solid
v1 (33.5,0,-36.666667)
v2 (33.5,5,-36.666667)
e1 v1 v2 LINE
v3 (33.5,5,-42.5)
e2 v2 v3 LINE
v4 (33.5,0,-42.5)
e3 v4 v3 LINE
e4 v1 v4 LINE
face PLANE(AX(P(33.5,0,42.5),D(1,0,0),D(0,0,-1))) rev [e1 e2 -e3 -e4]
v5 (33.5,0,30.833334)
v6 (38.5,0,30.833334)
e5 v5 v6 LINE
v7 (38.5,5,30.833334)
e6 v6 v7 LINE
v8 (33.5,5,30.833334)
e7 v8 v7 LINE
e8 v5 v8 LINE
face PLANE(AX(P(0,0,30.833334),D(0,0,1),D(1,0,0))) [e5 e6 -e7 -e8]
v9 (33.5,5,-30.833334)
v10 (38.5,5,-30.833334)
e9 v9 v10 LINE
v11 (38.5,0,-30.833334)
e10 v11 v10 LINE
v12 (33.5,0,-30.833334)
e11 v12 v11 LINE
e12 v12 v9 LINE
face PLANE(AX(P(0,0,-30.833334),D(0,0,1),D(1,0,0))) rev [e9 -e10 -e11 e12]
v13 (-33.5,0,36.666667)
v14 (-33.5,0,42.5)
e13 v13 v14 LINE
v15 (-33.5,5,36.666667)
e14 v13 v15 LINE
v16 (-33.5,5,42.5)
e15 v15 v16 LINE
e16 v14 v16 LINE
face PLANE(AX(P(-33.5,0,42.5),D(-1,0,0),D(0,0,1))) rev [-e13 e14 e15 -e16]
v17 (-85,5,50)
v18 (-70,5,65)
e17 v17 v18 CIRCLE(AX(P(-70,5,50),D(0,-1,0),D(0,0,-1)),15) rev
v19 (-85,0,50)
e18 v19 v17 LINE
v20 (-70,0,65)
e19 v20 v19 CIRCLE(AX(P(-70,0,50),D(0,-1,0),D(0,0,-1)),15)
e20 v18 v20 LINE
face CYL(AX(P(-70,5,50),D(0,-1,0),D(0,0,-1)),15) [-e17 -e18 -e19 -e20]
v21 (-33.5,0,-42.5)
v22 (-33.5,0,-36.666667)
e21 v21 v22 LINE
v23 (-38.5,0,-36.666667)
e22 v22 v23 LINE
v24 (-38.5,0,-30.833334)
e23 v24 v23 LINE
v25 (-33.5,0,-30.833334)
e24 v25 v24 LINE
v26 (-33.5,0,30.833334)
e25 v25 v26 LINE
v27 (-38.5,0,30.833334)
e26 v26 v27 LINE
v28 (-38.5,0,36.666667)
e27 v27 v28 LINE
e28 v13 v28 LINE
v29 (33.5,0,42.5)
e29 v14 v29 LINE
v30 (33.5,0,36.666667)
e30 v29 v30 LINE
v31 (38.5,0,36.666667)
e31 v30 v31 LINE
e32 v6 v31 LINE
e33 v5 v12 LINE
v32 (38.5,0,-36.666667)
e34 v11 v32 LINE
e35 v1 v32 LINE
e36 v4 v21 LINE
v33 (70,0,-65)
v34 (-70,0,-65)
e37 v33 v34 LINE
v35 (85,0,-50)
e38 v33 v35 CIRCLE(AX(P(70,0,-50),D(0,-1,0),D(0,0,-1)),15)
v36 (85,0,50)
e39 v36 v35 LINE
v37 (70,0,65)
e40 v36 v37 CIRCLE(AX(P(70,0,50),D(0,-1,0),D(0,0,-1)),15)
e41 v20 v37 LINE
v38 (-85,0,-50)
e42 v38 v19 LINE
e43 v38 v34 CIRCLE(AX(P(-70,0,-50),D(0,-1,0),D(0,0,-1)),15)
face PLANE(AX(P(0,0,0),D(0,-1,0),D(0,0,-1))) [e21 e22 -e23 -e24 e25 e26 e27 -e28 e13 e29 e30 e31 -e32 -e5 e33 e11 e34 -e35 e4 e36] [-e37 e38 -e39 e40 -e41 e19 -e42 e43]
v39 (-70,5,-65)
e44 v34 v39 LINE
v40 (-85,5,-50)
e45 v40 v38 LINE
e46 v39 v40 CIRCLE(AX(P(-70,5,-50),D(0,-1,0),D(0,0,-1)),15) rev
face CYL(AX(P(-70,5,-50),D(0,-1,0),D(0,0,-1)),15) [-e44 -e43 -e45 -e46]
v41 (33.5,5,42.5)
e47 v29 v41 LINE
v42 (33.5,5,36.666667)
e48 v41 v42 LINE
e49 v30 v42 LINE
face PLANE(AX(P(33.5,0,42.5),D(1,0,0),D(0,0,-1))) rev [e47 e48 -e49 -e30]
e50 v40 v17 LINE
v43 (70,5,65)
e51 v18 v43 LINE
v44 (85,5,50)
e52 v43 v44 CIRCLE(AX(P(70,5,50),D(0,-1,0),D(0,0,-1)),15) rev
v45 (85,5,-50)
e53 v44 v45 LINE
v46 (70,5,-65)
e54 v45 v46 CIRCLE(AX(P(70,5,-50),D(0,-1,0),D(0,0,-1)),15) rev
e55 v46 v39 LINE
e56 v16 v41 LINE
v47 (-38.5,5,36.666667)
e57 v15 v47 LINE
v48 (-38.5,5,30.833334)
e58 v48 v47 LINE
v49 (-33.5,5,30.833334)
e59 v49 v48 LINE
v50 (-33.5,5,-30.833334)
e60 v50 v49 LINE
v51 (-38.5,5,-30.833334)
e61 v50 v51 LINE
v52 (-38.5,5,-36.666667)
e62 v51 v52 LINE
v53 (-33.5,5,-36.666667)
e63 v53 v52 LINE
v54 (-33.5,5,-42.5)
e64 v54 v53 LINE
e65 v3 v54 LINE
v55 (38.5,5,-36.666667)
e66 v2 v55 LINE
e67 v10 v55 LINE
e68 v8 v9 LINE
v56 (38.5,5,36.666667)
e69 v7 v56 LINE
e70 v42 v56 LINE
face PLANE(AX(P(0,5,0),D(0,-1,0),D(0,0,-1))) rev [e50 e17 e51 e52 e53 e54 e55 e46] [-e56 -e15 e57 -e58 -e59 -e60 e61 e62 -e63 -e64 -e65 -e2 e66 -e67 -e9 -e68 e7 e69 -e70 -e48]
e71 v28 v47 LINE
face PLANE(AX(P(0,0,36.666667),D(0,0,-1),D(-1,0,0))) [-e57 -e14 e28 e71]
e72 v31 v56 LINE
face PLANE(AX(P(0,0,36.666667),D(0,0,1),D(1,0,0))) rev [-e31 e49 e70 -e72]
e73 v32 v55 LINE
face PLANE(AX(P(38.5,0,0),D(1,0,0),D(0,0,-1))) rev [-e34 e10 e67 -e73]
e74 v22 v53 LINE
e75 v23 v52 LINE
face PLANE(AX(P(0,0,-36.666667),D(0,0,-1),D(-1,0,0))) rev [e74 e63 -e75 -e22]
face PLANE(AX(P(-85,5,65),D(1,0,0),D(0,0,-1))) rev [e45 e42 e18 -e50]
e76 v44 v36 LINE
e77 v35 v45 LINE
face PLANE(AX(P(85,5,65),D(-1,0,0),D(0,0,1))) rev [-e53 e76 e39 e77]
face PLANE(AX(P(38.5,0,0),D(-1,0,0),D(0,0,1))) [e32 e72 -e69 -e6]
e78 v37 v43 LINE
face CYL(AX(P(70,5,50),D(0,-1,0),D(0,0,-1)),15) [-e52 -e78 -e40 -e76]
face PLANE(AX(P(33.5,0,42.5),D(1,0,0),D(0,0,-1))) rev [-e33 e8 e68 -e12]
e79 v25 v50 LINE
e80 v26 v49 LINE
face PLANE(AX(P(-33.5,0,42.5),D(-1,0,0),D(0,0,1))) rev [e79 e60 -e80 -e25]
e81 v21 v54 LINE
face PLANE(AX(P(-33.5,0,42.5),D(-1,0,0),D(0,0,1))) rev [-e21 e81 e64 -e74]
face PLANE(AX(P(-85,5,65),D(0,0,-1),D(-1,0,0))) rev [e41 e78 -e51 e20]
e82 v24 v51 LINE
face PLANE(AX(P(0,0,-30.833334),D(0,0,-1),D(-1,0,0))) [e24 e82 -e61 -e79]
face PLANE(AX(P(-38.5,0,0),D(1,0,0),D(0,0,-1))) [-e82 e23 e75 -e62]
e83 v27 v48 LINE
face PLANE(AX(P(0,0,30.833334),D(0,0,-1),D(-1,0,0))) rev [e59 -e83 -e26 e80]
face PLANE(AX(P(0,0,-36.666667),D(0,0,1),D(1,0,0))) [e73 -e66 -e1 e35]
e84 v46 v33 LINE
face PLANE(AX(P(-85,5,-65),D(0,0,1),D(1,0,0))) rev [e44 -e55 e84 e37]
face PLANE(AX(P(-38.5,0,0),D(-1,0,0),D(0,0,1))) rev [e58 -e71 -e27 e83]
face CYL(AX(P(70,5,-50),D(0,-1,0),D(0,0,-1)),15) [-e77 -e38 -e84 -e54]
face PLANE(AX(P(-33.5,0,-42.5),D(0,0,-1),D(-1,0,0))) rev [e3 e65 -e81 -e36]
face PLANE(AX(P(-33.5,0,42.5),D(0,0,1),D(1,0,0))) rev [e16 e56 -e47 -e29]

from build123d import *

# Parameters (mm, degrees)
SKETCH1_W           = 170
SKETCH1_H           = 130
BOSS_EXTRUDE1_DEPTH = 5
SKETCH2_W           = 67
SKETCH2_H           = 85
CUT_EXTRUDE1_DEPTH  = 108.121426428
SKETCH3_W           = 5
SKETCH3_H           = 5.833333
CUT_EXTRUDE2_DEPTH  = 108.121426428
FILLET1_R           = 15


with BuildPart() as part:
    # Sketch1 → Boss-Extrude1 (new body)
    with BuildSketch(Plane(origin=(0, 0, 0), x_dir=(1, 0, 0), z_dir=(0, 1, 0))):
        Rectangle(SKETCH1_W, SKETCH1_H)
    extrude(amount=BOSS_EXTRUDE1_DEPTH)

    # Sketch2 → Cut-Extrude1 (cut, through all)
    with BuildSketch(Plane(origin=(0, 5, 0), x_dir=(1, 0, 0), z_dir=(0, 1, 0))):
        Rectangle(SKETCH2_W, SKETCH2_H)
    extrude(amount=-CUT_EXTRUDE1_DEPTH, mode=Mode.SUBTRACT)

    # Sketch3 → Cut-Extrude2 (cut, through all)
    with BuildSketch(Plane(origin=(0, 5, 0), x_dir=(1, 0, 0), z_dir=(0, 1, 0))):
        with Locations((-36, -33.7500005)):
            Rectangle(SKETCH3_W, SKETCH3_H)
        with Locations((36, 33.7500005)):
            Rectangle(SKETCH3_W, SKETCH3_H)
        with Locations((-36, 33.7500005)):
            Rectangle(SKETCH3_W, SKETCH3_H)
        with Locations((36, -33.7500005)):
            Rectangle(SKETCH3_W, SKETCH3_H)
    extrude(amount=-CUT_EXTRUDE2_DEPTH, mode=Mode.SUBTRACT)

    # Fillet1
    fillet1_edges = [part.edges().sort_by_distance(p)[0] for p in [
        (85, 2.5, 65),
        (-85, 2.5, 65),
        (-85, 2.5, -65),
        (85, 2.5, -65),
    ]]
    fillet(fillet1_edges, radius=FILLET1_R)


solid = part.part
